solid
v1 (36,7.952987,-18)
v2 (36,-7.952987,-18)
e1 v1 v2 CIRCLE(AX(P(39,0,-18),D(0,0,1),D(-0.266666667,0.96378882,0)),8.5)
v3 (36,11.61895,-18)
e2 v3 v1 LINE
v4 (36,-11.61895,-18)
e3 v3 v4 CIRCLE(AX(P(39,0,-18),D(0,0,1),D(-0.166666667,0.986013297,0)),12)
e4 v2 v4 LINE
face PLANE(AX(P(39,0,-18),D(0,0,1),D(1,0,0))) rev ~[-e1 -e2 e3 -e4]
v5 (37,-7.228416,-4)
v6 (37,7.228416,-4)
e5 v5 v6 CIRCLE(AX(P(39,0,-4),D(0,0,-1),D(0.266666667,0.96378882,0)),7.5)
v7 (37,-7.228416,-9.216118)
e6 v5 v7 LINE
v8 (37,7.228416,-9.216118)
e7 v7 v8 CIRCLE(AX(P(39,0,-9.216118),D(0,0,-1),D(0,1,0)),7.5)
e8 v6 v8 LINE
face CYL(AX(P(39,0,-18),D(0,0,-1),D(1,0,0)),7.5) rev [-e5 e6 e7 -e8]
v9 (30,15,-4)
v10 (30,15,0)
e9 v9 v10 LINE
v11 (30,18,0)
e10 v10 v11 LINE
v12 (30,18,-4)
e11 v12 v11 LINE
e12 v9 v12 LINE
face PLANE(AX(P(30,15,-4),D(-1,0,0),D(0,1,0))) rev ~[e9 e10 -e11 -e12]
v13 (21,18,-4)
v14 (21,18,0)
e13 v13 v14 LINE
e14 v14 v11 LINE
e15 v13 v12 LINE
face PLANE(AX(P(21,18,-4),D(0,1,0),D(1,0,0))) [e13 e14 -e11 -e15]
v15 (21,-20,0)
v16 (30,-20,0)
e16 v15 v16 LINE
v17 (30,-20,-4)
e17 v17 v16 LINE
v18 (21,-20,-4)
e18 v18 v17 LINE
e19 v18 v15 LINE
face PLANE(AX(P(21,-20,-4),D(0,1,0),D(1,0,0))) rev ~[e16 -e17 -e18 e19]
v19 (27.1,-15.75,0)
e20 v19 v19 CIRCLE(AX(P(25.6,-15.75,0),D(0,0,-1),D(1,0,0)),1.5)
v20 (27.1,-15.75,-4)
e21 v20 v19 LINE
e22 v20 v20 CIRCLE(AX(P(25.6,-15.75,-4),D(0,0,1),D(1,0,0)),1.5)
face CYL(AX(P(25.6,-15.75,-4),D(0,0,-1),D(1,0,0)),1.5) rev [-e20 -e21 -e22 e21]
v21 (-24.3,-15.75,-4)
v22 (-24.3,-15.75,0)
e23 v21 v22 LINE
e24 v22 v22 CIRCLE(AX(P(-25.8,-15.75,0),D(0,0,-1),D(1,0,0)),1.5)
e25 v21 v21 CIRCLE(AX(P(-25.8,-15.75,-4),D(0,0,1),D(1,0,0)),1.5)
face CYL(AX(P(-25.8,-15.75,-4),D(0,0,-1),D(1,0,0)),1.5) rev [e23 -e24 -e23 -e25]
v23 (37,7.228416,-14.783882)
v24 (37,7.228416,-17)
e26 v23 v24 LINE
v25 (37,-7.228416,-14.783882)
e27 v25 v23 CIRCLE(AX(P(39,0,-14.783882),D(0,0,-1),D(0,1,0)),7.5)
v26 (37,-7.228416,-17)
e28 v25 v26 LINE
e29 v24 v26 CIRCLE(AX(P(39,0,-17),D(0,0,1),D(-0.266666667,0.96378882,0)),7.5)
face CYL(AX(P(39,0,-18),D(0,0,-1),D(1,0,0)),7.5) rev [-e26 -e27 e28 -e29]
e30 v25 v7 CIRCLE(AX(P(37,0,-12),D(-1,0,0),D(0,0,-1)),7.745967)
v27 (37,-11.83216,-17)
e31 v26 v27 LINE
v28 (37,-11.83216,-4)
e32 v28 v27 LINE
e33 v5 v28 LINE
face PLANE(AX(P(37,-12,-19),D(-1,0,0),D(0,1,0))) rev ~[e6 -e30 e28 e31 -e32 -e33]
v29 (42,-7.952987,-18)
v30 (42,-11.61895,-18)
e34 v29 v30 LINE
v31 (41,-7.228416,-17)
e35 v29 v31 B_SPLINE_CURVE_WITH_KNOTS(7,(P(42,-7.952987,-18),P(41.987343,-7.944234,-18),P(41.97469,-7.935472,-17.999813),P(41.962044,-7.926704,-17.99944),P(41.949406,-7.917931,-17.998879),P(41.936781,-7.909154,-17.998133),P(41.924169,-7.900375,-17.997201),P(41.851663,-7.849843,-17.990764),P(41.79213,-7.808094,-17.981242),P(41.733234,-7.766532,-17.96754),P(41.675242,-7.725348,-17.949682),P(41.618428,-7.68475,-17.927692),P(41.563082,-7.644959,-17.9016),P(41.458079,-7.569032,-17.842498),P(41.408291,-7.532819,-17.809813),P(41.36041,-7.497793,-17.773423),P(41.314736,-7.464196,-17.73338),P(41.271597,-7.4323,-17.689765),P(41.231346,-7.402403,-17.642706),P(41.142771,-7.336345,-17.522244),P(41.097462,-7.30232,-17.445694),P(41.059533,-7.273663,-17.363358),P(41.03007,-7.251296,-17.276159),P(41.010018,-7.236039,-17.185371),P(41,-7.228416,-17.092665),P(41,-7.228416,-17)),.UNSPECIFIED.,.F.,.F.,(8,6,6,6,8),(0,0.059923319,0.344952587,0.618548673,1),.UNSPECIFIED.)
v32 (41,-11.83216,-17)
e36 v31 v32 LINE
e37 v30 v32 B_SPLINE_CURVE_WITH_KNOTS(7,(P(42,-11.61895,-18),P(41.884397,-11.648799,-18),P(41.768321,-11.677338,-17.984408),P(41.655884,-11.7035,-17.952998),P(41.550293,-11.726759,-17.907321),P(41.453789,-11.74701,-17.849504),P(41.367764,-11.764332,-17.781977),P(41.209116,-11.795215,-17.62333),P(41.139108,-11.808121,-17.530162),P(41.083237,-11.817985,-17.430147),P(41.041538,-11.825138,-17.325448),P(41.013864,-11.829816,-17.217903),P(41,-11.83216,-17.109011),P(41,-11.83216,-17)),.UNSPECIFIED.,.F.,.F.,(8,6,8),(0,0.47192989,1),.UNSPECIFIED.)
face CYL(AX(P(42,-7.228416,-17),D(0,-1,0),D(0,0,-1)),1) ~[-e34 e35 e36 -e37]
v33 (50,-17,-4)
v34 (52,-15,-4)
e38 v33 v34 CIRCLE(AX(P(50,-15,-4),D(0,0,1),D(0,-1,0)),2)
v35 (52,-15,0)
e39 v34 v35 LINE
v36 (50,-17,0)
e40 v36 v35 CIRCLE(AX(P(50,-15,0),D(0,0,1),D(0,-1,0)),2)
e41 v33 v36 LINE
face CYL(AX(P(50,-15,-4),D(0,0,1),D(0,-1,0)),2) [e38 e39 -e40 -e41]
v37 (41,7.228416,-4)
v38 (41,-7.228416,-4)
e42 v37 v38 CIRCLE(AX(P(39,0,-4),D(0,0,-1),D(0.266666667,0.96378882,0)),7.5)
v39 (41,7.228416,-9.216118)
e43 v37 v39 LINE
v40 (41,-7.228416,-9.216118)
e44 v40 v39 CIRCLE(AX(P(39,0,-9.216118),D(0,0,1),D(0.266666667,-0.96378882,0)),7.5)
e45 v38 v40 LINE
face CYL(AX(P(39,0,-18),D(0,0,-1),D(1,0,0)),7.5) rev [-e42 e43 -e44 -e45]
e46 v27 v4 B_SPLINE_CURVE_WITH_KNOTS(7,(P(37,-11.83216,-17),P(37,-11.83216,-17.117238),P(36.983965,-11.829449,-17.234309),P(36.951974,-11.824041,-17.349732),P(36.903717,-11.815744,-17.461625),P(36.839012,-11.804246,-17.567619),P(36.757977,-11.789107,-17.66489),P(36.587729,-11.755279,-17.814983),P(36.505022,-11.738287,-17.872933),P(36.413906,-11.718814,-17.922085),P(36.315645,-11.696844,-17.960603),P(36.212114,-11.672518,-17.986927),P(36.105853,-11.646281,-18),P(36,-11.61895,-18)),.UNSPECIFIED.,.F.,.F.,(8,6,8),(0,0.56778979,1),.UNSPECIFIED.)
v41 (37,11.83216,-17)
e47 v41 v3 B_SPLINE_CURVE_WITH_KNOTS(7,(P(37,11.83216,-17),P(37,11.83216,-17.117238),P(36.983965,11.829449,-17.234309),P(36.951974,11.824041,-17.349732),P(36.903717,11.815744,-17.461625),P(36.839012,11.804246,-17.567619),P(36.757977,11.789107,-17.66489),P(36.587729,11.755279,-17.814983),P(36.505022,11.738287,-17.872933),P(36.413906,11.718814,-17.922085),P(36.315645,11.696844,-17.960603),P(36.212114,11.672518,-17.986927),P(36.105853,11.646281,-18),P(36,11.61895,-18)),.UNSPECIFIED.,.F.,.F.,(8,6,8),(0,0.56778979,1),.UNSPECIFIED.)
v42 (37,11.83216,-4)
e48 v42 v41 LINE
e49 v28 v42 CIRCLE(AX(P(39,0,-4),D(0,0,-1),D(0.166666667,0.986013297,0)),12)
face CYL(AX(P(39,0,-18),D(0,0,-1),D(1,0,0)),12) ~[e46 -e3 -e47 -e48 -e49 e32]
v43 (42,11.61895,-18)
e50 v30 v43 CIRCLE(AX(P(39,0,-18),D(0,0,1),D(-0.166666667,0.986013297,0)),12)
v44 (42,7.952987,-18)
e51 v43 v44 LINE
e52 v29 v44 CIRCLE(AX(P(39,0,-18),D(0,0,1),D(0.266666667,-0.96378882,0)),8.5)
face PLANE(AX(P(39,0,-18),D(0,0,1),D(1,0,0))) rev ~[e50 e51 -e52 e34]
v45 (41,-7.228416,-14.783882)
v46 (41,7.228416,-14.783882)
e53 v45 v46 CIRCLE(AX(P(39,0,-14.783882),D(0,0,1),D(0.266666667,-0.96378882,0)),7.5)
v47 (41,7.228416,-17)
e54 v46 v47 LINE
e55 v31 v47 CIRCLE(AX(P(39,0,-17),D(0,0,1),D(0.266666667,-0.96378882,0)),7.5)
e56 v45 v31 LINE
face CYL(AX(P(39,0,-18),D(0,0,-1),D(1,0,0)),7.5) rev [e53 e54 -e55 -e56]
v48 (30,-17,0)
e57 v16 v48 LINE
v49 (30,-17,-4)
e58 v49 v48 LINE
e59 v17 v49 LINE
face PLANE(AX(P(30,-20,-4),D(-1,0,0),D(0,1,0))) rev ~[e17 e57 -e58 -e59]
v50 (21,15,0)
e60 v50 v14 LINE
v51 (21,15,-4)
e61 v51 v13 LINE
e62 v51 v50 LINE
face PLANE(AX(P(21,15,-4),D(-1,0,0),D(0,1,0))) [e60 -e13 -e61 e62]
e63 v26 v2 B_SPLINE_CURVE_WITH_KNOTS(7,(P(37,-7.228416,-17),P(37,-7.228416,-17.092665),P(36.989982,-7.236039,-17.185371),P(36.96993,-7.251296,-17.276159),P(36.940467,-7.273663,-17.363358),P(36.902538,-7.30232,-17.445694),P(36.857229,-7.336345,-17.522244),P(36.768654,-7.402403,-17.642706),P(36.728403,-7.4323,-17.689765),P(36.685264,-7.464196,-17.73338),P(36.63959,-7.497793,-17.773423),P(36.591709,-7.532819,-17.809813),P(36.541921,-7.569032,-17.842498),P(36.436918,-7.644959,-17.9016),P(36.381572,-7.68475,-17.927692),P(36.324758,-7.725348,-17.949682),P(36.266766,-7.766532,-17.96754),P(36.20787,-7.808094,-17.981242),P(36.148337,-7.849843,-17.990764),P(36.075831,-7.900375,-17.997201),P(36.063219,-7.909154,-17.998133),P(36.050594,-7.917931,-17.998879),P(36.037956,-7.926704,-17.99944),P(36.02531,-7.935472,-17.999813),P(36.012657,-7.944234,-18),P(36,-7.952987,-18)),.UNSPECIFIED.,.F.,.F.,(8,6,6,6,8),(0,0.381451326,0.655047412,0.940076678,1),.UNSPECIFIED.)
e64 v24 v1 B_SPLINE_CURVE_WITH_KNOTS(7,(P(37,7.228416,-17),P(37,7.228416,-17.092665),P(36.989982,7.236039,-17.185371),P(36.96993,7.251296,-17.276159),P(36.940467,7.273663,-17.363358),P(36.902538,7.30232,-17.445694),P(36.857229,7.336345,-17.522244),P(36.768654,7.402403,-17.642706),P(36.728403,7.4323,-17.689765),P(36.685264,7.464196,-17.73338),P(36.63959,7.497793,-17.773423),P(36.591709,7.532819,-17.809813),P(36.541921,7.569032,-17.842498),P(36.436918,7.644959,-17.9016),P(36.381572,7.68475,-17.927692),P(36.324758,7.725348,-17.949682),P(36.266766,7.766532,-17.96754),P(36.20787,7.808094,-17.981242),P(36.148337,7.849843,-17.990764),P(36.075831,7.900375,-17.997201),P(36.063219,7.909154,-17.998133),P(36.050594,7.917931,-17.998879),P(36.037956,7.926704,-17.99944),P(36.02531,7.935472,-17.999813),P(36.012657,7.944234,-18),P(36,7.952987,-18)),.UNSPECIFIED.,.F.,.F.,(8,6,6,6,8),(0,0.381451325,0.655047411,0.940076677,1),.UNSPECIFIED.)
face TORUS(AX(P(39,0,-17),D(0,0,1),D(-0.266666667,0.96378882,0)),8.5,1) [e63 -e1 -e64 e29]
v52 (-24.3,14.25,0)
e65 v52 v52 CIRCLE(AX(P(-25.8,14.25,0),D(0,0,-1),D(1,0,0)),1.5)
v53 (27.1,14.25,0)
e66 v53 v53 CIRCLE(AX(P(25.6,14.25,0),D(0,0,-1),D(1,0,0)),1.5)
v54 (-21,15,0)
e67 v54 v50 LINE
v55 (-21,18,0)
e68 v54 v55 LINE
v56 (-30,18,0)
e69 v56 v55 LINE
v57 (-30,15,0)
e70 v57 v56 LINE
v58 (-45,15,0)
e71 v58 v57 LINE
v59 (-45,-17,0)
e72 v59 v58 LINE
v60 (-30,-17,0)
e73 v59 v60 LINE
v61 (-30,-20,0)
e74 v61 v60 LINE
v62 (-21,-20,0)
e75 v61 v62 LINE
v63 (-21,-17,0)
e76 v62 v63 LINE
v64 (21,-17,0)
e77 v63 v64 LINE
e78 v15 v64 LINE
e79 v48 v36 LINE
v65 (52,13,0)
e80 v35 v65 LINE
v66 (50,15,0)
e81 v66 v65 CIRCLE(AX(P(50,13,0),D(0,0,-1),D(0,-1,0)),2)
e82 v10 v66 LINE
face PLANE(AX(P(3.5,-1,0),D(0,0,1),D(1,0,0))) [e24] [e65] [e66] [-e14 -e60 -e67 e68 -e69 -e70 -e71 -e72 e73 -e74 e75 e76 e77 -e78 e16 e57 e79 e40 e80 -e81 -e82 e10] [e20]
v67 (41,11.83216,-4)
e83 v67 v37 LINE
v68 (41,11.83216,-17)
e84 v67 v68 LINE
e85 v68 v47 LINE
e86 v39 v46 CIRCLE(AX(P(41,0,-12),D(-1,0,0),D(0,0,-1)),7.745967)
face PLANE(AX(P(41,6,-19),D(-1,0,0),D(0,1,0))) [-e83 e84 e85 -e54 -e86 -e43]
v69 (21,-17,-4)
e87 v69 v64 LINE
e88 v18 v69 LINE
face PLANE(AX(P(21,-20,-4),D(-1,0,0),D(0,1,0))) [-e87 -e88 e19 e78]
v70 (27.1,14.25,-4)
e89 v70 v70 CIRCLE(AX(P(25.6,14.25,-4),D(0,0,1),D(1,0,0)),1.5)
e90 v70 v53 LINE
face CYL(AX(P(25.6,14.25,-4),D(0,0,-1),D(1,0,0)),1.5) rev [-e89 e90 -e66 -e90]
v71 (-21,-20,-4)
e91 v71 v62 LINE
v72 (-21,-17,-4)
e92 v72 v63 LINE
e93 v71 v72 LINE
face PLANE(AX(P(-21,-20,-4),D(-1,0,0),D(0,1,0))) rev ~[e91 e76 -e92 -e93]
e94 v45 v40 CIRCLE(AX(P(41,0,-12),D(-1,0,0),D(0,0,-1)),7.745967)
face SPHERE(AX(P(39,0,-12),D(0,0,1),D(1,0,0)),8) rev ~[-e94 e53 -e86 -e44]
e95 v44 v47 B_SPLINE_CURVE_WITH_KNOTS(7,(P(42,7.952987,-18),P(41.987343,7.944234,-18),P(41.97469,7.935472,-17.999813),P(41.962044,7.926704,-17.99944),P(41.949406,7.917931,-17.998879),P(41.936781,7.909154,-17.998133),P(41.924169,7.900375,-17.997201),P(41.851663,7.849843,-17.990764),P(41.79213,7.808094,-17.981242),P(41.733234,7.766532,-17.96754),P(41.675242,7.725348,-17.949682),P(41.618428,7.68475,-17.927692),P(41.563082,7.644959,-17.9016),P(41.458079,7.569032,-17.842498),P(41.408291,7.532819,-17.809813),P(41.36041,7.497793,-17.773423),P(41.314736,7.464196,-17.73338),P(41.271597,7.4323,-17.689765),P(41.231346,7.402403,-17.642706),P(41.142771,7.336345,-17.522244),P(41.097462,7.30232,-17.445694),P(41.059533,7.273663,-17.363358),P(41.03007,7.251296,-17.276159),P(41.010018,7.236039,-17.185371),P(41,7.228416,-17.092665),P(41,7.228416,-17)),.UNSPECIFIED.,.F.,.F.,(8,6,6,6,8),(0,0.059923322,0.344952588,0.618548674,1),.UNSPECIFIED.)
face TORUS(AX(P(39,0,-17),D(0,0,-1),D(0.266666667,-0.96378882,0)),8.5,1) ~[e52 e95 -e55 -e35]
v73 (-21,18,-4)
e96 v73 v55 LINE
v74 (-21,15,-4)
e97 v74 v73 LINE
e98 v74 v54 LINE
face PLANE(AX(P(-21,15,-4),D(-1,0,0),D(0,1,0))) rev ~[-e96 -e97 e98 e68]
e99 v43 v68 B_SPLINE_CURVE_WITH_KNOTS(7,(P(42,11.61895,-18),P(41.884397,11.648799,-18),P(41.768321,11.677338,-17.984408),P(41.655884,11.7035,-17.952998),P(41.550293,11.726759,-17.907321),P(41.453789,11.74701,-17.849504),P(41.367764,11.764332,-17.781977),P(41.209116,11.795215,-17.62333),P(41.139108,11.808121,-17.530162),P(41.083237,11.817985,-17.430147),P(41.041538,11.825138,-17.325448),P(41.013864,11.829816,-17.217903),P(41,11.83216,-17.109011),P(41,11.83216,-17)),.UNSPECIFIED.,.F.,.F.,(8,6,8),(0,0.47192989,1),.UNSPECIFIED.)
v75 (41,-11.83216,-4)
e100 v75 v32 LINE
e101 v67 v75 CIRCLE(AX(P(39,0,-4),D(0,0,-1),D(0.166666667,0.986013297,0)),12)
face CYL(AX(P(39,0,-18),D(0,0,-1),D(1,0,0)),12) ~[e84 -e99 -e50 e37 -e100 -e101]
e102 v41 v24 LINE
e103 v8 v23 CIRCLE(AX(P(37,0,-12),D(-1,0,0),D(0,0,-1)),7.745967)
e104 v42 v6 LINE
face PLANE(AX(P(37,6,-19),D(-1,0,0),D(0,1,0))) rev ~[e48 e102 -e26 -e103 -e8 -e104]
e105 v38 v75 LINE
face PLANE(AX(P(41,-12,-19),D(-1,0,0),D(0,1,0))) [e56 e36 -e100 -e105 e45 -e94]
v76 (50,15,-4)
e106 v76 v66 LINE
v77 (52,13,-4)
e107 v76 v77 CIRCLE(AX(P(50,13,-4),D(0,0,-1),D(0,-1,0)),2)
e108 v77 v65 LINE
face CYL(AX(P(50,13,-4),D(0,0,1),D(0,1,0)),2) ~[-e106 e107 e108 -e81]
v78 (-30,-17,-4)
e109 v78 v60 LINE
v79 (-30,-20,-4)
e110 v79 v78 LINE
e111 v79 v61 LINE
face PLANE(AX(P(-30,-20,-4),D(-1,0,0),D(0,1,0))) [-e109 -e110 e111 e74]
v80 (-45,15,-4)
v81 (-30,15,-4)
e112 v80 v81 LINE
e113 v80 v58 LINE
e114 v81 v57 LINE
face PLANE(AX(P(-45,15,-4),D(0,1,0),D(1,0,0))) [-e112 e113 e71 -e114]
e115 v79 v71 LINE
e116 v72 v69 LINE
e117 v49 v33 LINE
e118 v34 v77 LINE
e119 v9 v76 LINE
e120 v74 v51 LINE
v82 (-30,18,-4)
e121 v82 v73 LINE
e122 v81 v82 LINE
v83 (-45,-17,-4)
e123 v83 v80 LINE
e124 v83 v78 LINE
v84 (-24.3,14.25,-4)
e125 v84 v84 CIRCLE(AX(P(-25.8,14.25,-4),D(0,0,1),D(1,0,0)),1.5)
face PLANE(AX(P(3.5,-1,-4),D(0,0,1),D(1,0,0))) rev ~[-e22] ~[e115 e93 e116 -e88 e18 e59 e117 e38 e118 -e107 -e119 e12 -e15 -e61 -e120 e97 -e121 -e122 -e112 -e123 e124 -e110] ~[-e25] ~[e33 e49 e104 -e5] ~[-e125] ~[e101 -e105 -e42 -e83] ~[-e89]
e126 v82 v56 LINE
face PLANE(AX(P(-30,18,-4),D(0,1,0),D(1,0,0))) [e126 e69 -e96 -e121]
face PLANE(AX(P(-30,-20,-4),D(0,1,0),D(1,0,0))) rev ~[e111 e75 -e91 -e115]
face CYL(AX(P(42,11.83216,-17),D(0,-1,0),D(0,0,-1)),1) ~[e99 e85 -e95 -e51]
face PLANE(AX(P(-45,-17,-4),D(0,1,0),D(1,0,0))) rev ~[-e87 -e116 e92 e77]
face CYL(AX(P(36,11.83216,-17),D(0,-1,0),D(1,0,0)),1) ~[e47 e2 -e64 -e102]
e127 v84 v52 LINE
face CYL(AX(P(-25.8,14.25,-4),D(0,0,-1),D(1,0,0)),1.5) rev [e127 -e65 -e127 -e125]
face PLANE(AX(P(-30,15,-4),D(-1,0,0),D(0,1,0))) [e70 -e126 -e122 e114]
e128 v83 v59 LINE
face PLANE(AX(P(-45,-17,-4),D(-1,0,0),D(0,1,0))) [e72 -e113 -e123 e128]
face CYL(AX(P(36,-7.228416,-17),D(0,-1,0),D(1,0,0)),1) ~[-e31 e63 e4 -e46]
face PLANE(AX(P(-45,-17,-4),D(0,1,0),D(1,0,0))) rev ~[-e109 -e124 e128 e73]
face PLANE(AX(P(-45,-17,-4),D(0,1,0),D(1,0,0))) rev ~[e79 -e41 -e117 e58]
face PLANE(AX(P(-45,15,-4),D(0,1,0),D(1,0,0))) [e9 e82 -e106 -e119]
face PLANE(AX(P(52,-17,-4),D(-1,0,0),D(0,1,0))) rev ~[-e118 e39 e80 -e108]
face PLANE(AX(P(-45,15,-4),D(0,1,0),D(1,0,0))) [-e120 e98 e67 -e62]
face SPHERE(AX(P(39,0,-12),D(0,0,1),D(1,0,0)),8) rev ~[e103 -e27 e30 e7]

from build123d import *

# Parameters (mm, degrees)
BOX032_W          = 4
BOX032_H          = 6
BOX032_DEPTH      = 16
BOX033_W          = 4
BOX033_H          = 6
BOX033_DEPTH      = 16
CYLINDER022_R     = 7.5
CYLINDER022_DEPTH = 14
CYLINDER021_R     = 12
CYLINDER021_DEPTH = 14
FILLET005_R       = 1
FILLET006_R       = 1
CYLINDER009_R     = 1.5
CYLINDER009_DEPTH = 6
CYLINDER010_R     = 1.5
CYLINDER010_DEPTH = 6
CYLINDER011_R     = 1.5
CYLINDER011_DEPTH = 6
CYLINDER008_R     = 1.5
CYLINDER008_DEPTH = 6
BOX028_W          = 9
BOX028_H          = 3
BOX028_DEPTH      = 4
BOX029_W          = 9
BOX029_H          = 3
BOX029_DEPTH      = 4
BOX026_W          = 9
BOX026_H          = 3
BOX026_DEPTH      = 4
BOX027_W          = 9
BOX027_H          = 3
BOX027_DEPTH      = 4
BOX025_W          = 97
BOX025_H          = 32
BOX025_DEPTH      = 4
FILLET008_R       = 2


with BuildPart() as esf_ra:
    # Sphere → Sphere (revolve)
    with BuildSketch(Plane(origin=(39, 0, -12), x_dir=(1, 0, 0), z_dir=(0, -1, 0))):
        with BuildLine():
            ThreePointArc((0, -8), (8, 0), (0, 8))
            Line((0, 8), (0, -8))
        make_face()
    revolve(axis=Axis((39, 0, -12), (0, 0, 1)))


with BuildPart() as cubo026:
    # Box032 → Box032 (new body)
    with BuildSketch(Plane(origin=(37, -12, -19), x_dir=(1, 0, 0), z_dir=(0, 0, 1))):
        with Locations((2, 3)):
            Rectangle(BOX032_W, BOX032_H)
    extrude(amount=BOX032_DEPTH)


with BuildPart() as cubo027:
    # Box033 → Box033 (new body)
    with BuildSketch(Plane(origin=(37, 6, -19), x_dir=(1, 0, 0), z_dir=(0, 0, 1))):
        with Locations((2, 3)):
            Rectangle(BOX033_W, BOX033_H)
    extrude(amount=BOX033_DEPTH)


with BuildPart() as cilindro022:
    # Cylinder022 → Cylinder022 (new body)
    with BuildSketch(Plane(origin=(39, 0, -18), x_dir=(1, 0, 0), z_dir=(0, 0, 1))):
        Circle(CYLINDER022_R)
    extrude(amount=CYLINDER022_DEPTH)


with BuildPart() as fillet006:
    # Cylinder021 → Cylinder021 (new body)
    with BuildSketch(Plane(origin=(39, 0, -18), x_dir=(1, 0, 0), z_dir=(0, 0, 1))):
        Circle(CYLINDER021_R)
    extrude(amount=CYLINDER021_DEPTH)

    # Cut041: cut Cilindro022
    add(cilindro022.part, mode=Mode.SUBTRACT)

    # Cut042: cut Cubo027
    add(cubo027.part, mode=Mode.SUBTRACT)

    # Cut043: cut Cubo026
    add(cubo026.part, mode=Mode.SUBTRACT)

    # Cut044: cut Esféra
    add(esf_ra.part, mode=Mode.SUBTRACT)

    # Fillet005
    fillet005_edges = [fillet006.edges().sort_by_distance(p)[0] for p in [
        (37, 9.530288, -18),
        (37, -9.530288, -18),
        (31.5, 0, -18),
    ]]
    fillet(fillet005_edges, radius=FILLET005_R)

    # Fillet006
    fillet006_edges = [fillet006.edges().sort_by_distance(p)[0] for p in [
        (41, 9.530288, -18),
        (44.968668, -4.541476, -18),
        (41, -9.530288, -18),
        (44.968668, 4.541476, -18),
    ]]
    fillet(fillet006_edges, radius=FILLET006_R)


with BuildPart() as esf_ra001:
    # Sphere001 → Sphere001 (revolve)
    with BuildSketch(Plane(origin=(39, 0, -12), x_dir=(1, 0, 0), z_dir=(0, -1, 0))):
        with BuildLine():
            ThreePointArc((0, -8), (8, 0), (0, 8))
            Line((0, 8), (0, -8))
        make_face()
    revolve(axis=Axis((39, 0, -12), (0, 0, 1)))


with BuildPart() as cilindro009:
    # Cylinder009 → Cylinder009 (new body)
    with BuildSketch(Plane(origin=(25.6, -15.75, -4), x_dir=(1, 0, 0), z_dir=(0, 0, 1))):
        Circle(CYLINDER009_R)
    extrude(amount=CYLINDER009_DEPTH)


with BuildPart() as cilindro010:
    # Cylinder010 → Cylinder010 (new body)
    with BuildSketch(Plane(origin=(-25.8, -15.75, -4), x_dir=(1, 0, 0), z_dir=(0, 0, 1))):
        Circle(CYLINDER010_R)
    extrude(amount=CYLINDER010_DEPTH)


with BuildPart() as cilindro011:
    # Cylinder011 → Cylinder011 (new body)
    with BuildSketch(Plane(origin=(-25.8, 14.25, -4), x_dir=(1, 0, 0), z_dir=(0, 0, 1))):
        Circle(CYLINDER011_R)
    extrude(amount=CYLINDER011_DEPTH)


with BuildPart() as cilindro008:
    # Cylinder008 → Cylinder008 (new body)
    with BuildSketch(Plane(origin=(25.6, 14.25, -4), x_dir=(1, 0, 0), z_dir=(0, 0, 1))):
        Circle(CYLINDER008_R)
    extrude(amount=CYLINDER008_DEPTH)


with BuildPart() as cubo022:
    # Box028 → Box028 (new body)
    with BuildSketch(Plane(origin=(21, 15, -4), x_dir=(1, 0, 0), z_dir=(0, 0, 1))):
        with Locations((4.5, 1.5)):
            Rectangle(BOX028_W, BOX028_H)
    extrude(amount=BOX028_DEPTH)


with BuildPart() as cubo023:
    # Box029 → Box029 (new body)
    with BuildSketch(Plane(origin=(21, -20, -4), x_dir=(1, 0, 0), z_dir=(0, 0, 1))):
        with Locations((4.5, 1.5)):
            Rectangle(BOX029_W, BOX029_H)
    extrude(amount=BOX029_DEPTH)


with BuildPart() as cubo020:
    # Box026 → Box026 (new body)
    with BuildSketch(Plane(origin=(-30, 15, -4), x_dir=(1, 0, 0), z_dir=(0, 0, 1))):
        with Locations((4.5, 1.5)):
            Rectangle(BOX026_W, BOX026_H)
    extrude(amount=BOX026_DEPTH)


with BuildPart() as cubo021:
    # Box027 → Box027 (new body)
    with BuildSketch(Plane(origin=(-30, -20, -4), x_dir=(1, 0, 0), z_dir=(0, 0, 1))):
        with Locations((4.5, 1.5)):
            Rectangle(BOX027_W, BOX027_H)
    extrude(amount=BOX027_DEPTH)


with BuildPart() as tapabateria:
    # Box025 → Box025 (new body)
    with BuildSketch(Plane(origin=(-45, -17, -4), x_dir=(1, 0, 0), z_dir=(0, 0, 1))):
        with Locations((48.5, 16)):
            Rectangle(BOX025_W, BOX025_H)
    extrude(amount=BOX025_DEPTH)

    # Fusion008: union Cubo020, Cubo021
    add(cubo020.part)
    add(cubo021.part)

    # Fusion009: union Cubo022, Cubo023
    add(cubo022.part)
    add(cubo023.part)

    # Cut021: cut Cilindro008
    add(cilindro008.part, mode=Mode.SUBTRACT)

    # Cut022: cut Cilindro011
    add(cilindro011.part, mode=Mode.SUBTRACT)

    # Cut023: cut Cilindro010
    add(cilindro010.part, mode=Mode.SUBTRACT)

    # Cut024: cut Cilindro009
    add(cilindro009.part, mode=Mode.SUBTRACT)

    # Cut040: cut Esféra001
    add(esf_ra001.part, mode=Mode.SUBTRACT)

    # Fusion010: union Fillet006
    add(fillet006.part)

    # Fillet008
    fillet008_edges = [tapabateria.edges().sort_by_distance(p)[0] for p in [
        (52, -17, -2),
        (52, 15, -2),
    ]]
    fillet(fillet008_edges, radius=FILLET008_R)


solid = tapabateria.part
